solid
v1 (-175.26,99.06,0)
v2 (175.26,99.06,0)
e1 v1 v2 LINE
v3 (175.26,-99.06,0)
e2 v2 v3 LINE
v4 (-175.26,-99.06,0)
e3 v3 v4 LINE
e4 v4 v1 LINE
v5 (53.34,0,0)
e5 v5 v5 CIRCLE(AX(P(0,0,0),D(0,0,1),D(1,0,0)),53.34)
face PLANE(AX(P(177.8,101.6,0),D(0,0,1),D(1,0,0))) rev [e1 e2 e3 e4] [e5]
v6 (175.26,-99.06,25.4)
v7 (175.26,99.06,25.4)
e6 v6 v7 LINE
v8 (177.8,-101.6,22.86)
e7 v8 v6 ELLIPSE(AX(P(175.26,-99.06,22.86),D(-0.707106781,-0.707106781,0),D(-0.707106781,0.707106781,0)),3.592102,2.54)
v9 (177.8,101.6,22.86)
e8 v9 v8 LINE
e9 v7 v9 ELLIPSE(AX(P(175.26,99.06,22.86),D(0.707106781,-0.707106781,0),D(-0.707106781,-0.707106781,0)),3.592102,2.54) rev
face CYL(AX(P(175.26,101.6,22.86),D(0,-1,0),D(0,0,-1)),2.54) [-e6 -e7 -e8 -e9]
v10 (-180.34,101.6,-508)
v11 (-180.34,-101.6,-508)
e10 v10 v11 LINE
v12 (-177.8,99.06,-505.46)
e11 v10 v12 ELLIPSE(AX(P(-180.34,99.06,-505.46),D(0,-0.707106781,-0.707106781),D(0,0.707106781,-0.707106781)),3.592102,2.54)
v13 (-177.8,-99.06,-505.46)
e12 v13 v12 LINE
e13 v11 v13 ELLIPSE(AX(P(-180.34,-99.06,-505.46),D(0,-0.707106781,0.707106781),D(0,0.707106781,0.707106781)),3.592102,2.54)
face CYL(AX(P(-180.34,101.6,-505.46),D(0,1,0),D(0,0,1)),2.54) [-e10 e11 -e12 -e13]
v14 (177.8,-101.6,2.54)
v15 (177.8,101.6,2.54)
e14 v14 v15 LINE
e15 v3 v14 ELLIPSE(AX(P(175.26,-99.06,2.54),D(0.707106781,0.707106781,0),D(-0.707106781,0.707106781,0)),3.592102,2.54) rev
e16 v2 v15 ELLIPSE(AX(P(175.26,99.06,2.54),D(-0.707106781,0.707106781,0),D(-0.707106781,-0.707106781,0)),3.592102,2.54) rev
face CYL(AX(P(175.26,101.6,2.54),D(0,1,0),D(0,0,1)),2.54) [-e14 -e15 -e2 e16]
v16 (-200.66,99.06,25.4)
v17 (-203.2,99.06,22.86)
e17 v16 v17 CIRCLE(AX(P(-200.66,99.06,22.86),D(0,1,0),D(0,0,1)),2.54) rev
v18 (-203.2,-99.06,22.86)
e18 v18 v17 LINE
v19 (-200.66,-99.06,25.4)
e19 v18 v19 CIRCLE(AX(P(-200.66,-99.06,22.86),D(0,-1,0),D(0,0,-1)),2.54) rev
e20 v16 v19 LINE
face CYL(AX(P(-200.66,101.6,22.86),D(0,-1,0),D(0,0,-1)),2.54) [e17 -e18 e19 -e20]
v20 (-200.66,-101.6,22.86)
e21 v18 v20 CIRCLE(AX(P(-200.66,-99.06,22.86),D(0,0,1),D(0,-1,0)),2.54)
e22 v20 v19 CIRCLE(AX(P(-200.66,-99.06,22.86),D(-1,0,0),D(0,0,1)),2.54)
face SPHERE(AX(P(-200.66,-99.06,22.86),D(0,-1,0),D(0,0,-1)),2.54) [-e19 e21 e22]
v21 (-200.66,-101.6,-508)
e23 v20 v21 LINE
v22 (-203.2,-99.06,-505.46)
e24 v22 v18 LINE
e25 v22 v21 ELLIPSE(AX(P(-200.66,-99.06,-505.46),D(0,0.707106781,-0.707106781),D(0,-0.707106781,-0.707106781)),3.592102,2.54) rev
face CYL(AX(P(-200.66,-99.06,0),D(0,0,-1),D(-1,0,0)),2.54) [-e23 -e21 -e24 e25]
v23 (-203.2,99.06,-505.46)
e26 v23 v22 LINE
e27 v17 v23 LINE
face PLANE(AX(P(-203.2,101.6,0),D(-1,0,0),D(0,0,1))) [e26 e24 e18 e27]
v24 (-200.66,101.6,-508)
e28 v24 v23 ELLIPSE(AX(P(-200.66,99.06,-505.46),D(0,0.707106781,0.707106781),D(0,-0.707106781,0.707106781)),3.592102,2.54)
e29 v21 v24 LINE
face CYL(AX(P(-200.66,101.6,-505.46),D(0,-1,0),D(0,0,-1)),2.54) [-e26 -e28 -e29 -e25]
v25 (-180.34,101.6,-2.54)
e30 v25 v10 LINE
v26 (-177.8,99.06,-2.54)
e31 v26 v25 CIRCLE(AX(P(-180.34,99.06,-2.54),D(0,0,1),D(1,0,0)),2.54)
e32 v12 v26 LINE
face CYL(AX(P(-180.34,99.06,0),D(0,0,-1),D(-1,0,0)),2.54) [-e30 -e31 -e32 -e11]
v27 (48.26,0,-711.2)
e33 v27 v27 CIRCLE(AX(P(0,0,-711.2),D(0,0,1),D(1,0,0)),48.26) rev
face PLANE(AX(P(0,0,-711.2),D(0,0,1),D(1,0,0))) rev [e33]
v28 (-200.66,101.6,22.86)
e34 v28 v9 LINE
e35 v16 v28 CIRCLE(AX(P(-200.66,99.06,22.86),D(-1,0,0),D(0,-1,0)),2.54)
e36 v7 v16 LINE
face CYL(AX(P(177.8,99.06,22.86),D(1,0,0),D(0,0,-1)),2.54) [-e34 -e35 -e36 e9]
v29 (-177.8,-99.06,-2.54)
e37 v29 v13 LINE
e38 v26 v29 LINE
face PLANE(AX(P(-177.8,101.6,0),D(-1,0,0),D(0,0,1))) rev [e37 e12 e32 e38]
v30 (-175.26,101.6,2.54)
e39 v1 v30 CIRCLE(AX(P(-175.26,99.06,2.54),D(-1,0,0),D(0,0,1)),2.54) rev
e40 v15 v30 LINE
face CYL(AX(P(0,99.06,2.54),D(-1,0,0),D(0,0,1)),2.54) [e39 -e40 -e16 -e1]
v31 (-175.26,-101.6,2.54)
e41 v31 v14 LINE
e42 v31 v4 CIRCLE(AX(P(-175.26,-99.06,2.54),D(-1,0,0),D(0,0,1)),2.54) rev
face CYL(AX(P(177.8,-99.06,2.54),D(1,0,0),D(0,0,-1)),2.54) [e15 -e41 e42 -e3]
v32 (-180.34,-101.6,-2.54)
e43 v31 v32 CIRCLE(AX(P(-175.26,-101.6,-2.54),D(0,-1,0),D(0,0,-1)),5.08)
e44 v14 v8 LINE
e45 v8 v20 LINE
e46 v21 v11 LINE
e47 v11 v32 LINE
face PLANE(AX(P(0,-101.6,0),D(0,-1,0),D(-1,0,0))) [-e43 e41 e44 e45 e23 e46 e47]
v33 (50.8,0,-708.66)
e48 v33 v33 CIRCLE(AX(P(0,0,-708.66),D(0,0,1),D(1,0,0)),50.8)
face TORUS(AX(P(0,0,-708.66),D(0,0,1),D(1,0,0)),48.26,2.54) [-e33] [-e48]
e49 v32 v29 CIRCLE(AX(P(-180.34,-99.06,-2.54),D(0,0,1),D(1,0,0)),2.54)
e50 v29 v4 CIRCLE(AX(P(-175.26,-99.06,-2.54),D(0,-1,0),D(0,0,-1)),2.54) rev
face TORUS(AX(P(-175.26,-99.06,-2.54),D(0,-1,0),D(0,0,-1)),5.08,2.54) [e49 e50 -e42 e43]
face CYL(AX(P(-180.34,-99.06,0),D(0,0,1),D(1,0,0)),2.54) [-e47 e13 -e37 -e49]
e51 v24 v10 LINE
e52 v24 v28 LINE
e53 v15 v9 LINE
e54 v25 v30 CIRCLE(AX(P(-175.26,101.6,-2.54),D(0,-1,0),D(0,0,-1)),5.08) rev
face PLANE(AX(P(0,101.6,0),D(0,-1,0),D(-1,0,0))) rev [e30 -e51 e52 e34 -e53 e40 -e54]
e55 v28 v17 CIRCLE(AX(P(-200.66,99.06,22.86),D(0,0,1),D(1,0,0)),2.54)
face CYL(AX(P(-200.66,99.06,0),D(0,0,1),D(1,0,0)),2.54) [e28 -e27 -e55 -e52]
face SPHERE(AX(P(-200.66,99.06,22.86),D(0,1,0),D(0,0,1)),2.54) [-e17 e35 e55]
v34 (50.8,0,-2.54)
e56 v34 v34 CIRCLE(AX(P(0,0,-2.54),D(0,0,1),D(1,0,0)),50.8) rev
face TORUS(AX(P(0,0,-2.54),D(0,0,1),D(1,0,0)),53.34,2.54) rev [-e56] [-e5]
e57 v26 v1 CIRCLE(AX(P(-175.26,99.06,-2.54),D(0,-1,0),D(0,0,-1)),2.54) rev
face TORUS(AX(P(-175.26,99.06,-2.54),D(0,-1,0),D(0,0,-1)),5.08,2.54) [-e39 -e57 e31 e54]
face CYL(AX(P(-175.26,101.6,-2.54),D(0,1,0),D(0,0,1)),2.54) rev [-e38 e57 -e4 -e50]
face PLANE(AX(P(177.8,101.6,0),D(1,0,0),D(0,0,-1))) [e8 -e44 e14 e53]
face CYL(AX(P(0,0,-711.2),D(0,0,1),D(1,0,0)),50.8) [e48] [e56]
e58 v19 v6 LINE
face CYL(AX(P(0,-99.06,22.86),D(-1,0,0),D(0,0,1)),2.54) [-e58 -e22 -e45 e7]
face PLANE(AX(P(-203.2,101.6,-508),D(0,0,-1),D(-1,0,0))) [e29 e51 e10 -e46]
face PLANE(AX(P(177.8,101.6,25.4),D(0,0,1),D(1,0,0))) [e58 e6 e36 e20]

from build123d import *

# Parameters (mm, degrees)
SKETCH1_R           = 50.8
BOSS_EXTRUDE1_DEPTH = 711.2
EXTRUDE_THIN1_DEPTH = 101.6
FILLET1_R           = 2.54


with BuildPart() as part:
    # Sketch1 → Boss-Extrude1 (new body)
    with BuildSketch(Plane.XY):
        Circle(SKETCH1_R)
    extrude(amount=-BOSS_EXTRUDE1_DEPTH)

    # Sketch3 → Extrude-Thin1 (add, symmetric)
    with BuildSketch(Plane(origin=(0, 0, 0), x_dir=(1, 0, 0), z_dir=(0, 1, 0))):
        Polygon((177.8, 0), (-177.8, 0), (-177.8, 508), (-203.2, 508), (-203.2, -25.4), (177.8, -25.4), align=None)
    extrude(amount=EXTRUDE_THIN1_DEPTH, both=True)

    # Fillet1
    fillet1_edges = [part.edges().sort_by_distance(p)[0] for p in [
        (-50.8, 0, 0),
        (-50.8, 0, -711.2),
        (-177.8, -101.6, -254),
        (-177.8, 0, 0),
        (-177.8, 0, -508),
        (-203.2, 101.6, -241.3),
        (-203.2, 0, -508),
        (-12.7, 101.6, 25.4),
        (-203.2, 0, 25.4),
        (177.8, 0, 25.4),
        (0, -101.6, 0),
        (177.8, 0, 0),
        (-177.8, 101.6, -254),
        (0, 101.6, 0),
        (-12.7, -101.6, 25.4),
        (-203.2, -101.6, -241.3),
    ]]
    fillet(fillet1_edges, radius=FILLET1_R)


solid = part.part
